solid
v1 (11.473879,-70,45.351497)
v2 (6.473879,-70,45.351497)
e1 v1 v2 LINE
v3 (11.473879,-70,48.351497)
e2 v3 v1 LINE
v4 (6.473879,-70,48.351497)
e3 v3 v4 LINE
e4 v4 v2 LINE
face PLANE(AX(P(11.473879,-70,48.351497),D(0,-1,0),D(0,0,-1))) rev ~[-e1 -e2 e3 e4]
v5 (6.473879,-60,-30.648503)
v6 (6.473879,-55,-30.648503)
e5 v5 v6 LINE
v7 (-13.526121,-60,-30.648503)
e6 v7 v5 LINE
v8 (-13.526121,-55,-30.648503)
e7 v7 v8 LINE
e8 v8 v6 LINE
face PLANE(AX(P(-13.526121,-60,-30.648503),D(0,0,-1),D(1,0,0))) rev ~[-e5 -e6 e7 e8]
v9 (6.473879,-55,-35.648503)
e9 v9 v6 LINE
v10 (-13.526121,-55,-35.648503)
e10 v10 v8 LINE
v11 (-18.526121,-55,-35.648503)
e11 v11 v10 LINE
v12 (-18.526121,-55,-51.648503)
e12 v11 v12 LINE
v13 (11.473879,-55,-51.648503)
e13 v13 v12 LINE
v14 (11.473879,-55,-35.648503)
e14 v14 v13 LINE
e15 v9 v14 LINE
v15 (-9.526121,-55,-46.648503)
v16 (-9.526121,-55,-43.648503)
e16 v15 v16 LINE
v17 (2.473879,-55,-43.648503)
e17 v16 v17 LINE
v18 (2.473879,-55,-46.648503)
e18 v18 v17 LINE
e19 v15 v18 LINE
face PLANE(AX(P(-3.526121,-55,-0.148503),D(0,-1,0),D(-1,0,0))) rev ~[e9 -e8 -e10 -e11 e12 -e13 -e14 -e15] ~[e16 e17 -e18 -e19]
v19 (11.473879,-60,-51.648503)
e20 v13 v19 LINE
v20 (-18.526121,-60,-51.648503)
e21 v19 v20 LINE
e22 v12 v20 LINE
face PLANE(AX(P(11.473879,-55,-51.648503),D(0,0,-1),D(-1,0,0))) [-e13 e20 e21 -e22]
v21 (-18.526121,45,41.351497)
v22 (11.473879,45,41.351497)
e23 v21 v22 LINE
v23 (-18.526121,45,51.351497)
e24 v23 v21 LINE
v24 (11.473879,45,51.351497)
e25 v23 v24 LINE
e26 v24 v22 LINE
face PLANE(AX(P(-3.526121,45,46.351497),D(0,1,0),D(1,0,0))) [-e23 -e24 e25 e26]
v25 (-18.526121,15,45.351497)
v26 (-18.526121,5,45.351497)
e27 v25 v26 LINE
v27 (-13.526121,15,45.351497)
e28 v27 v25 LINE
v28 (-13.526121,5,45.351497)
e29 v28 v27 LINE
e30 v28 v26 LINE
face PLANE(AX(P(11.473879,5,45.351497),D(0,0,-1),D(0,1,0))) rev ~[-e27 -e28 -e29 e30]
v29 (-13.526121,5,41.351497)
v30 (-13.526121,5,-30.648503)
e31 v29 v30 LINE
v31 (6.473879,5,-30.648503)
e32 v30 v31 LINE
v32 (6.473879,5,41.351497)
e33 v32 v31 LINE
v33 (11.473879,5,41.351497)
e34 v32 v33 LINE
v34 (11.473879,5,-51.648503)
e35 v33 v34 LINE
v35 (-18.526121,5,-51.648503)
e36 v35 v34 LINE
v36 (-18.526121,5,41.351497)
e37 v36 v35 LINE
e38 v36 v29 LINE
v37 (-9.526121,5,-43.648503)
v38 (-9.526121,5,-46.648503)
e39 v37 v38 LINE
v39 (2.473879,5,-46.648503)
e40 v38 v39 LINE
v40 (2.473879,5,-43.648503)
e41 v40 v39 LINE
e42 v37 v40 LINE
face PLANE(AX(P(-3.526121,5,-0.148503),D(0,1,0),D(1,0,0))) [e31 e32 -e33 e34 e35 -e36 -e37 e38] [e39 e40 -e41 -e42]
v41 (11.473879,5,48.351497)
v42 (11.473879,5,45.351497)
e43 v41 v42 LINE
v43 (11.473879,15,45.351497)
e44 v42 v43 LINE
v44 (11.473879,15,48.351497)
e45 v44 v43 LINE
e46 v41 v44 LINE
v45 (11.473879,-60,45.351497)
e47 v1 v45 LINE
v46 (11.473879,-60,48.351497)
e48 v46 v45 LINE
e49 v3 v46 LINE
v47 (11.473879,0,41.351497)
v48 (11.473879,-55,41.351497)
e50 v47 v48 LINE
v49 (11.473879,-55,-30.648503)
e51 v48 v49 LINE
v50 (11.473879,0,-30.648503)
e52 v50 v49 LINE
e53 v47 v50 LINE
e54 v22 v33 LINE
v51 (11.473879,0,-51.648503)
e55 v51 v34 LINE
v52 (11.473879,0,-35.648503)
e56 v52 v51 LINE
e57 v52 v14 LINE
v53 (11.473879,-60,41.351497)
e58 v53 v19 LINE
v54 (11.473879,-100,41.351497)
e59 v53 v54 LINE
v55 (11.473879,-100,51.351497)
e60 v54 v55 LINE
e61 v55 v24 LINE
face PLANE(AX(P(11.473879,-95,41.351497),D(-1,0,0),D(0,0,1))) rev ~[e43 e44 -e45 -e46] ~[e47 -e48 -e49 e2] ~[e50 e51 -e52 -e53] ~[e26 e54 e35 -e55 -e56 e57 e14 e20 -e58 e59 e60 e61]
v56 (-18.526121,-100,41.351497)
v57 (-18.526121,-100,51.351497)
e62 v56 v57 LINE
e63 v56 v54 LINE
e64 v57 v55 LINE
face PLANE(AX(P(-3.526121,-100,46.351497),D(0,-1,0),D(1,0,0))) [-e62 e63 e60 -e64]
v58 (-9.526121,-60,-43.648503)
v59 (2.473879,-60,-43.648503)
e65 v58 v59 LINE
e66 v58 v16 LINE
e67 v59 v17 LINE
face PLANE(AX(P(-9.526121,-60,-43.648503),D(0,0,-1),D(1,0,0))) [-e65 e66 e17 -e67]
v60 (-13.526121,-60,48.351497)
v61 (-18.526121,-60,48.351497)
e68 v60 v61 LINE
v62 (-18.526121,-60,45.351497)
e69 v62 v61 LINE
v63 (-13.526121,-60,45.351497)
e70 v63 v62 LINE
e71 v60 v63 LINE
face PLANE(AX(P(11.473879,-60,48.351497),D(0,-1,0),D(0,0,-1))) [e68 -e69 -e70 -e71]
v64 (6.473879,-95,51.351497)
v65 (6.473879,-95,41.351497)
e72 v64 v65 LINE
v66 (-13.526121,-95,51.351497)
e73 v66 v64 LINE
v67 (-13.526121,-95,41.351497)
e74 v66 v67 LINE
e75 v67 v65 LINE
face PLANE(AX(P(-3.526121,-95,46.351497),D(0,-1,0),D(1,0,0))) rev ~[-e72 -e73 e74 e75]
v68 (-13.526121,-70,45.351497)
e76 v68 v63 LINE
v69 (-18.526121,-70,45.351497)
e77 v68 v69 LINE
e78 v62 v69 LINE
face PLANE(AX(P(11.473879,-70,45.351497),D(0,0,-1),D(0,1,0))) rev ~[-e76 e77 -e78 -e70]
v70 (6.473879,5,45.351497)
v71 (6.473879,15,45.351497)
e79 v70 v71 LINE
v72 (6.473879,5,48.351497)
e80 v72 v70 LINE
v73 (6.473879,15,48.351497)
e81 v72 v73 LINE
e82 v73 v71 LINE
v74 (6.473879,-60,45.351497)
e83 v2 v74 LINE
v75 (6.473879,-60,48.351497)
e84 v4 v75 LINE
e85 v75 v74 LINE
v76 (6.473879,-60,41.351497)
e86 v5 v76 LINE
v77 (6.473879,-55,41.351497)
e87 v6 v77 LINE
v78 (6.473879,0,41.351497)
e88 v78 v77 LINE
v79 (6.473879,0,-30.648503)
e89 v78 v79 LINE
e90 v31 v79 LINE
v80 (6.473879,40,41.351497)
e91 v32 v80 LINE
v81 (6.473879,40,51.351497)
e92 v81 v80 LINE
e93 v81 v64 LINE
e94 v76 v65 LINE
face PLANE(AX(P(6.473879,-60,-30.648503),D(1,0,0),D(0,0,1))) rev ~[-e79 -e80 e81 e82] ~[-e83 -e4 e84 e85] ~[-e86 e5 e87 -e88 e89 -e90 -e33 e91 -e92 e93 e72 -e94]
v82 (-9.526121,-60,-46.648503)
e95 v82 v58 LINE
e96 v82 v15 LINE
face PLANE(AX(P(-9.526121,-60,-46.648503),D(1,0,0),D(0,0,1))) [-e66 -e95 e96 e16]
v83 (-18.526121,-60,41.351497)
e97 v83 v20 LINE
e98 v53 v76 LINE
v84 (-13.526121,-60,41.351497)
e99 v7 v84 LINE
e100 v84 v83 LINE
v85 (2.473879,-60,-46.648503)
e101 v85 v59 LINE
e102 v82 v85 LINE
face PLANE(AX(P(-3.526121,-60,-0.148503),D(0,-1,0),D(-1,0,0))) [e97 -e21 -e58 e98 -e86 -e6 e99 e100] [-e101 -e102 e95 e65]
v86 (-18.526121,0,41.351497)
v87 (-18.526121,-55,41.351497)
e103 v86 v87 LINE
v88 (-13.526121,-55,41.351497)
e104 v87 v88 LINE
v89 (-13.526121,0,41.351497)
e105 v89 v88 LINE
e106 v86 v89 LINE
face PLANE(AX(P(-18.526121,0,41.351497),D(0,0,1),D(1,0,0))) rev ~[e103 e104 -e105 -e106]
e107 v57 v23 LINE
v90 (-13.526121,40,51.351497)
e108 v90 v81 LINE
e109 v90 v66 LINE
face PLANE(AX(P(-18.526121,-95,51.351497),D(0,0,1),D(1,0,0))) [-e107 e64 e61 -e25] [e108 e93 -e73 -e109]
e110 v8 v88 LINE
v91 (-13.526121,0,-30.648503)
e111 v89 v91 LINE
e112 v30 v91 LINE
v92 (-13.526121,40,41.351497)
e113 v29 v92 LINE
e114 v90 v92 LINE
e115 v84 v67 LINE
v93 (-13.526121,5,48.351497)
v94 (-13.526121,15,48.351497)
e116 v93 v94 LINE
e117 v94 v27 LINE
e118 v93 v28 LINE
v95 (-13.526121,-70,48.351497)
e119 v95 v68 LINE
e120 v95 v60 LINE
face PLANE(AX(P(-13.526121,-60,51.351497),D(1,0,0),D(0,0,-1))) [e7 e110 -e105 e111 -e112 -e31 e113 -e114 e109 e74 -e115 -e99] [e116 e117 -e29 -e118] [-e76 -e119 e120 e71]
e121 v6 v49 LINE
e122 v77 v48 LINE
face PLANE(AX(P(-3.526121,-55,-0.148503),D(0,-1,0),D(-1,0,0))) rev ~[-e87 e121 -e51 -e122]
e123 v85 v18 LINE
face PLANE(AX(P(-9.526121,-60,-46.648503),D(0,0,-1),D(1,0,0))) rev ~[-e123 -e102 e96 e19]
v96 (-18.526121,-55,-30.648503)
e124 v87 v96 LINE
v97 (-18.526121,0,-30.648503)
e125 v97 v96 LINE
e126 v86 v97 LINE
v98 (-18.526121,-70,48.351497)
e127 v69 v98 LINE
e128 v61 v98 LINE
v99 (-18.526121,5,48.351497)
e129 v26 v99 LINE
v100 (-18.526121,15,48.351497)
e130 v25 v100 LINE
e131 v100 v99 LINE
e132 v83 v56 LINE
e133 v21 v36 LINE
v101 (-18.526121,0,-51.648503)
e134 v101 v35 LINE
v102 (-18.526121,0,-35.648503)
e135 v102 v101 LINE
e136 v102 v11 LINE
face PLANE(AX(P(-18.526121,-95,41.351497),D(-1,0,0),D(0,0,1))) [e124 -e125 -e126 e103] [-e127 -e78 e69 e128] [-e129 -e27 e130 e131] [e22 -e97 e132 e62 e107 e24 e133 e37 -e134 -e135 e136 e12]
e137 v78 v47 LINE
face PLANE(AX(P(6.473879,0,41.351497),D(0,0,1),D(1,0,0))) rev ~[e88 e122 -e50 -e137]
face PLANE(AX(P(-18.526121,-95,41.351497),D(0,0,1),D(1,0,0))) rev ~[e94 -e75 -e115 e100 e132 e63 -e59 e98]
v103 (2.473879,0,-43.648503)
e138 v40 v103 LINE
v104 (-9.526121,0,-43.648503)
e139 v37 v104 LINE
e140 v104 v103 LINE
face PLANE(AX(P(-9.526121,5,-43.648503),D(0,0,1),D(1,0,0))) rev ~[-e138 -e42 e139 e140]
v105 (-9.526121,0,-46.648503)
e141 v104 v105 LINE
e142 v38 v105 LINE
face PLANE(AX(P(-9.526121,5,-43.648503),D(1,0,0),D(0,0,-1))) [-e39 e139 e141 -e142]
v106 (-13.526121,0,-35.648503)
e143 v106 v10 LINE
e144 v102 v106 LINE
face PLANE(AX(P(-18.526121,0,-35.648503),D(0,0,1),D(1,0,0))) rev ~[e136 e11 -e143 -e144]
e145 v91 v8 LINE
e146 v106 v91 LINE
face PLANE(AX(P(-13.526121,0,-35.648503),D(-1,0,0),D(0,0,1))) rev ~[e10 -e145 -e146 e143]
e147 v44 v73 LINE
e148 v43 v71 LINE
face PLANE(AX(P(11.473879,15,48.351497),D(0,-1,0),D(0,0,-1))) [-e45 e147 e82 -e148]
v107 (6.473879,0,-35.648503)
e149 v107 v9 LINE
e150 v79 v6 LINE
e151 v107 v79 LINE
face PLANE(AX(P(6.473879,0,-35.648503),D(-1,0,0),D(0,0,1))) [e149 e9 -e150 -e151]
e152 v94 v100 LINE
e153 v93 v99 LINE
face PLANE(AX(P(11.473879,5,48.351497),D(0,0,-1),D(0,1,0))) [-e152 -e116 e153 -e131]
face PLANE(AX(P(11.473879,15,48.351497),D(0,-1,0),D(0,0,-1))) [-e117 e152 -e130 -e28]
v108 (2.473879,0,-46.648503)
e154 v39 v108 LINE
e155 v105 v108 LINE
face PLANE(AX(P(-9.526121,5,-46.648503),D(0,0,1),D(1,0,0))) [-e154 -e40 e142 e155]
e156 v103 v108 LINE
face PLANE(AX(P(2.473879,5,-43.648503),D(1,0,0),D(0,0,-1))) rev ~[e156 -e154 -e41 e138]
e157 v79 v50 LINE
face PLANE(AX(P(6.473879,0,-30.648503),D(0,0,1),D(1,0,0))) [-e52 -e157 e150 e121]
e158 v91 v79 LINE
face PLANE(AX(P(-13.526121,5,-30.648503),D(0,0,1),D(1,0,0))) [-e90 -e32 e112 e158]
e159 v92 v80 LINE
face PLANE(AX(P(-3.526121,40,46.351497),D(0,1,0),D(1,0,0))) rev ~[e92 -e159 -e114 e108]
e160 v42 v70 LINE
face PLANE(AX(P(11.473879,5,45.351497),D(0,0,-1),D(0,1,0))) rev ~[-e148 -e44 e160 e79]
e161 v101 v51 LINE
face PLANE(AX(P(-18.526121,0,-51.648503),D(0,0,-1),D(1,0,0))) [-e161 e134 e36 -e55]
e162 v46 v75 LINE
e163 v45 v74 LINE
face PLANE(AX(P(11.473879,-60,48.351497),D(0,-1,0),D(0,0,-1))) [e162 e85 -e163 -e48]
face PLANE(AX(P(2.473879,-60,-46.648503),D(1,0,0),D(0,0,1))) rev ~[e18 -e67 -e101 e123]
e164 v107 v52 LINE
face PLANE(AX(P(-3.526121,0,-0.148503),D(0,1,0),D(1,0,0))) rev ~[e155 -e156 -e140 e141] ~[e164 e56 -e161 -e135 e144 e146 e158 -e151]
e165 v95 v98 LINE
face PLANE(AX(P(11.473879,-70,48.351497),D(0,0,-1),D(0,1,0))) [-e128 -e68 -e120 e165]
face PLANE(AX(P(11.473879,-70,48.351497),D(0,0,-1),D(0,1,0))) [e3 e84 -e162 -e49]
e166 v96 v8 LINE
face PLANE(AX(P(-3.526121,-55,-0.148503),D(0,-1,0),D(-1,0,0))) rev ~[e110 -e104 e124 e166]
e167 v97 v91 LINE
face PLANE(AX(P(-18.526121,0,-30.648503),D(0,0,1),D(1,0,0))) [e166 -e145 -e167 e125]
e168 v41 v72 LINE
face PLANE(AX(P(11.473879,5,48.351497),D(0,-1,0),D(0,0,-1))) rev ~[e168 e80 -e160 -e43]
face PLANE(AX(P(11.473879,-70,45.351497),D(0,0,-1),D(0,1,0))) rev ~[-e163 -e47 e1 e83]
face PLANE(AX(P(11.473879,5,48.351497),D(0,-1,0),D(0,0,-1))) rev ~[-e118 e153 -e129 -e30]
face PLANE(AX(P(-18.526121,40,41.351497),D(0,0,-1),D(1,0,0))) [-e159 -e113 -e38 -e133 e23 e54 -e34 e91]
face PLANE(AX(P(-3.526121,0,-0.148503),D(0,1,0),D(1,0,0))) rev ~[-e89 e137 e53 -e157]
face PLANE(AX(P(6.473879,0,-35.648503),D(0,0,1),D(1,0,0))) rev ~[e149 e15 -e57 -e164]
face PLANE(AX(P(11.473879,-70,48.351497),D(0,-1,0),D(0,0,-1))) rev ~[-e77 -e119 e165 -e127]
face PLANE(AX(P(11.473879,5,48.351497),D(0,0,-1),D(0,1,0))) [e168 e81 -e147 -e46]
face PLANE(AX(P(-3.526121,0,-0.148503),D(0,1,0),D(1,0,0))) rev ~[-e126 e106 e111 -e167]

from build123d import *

# Parameters (mm, degrees)
SKETCH1_W            = 30
SKETCH1_H            = 103
BOSS_EXTRUDE1_DEPTH  = 5
SKETCH2_W            = 12
SKETCH2_H            = 3
SKETCH2_W_2          = 20
SKETCH2_H_2          = 82
CUT_EXTRUDE1_DEPTH   = 5
SKETCH3_W            = 5
SKETCH3_H            = 10
SKETCH3_H_2          = 5
BOSS_EXTRUDE2_DEPTH  = 55
SKETCH8_W            = 30
SKETCH8_H            = 103
BOSS_EXTRUDE6_DEPTH  = 5
SKETCH10_W           = 20
SKETCH10_H           = 82
SKETCH10_W_2         = 12
SKETCH10_H_2         = 3
CUT_EXTRUDE2_DEPTH   = 5
SKETCH22_W           = 5
SKETCH22_H           = 10
BOSS_EXTRUDE7_DEPTH  = 35
SKETCH23_W           = 30
SKETCH23_H           = 10
BOSS_EXTRUDE8_DEPTH  = 5
SKETCH25_W           = 5
SKETCH25_H           = 10
BOSS_EXTRUDE9_DEPTH  = 35
SKETCH26_W           = 30
SKETCH26_H           = 10
BOSS_EXTRUDE10_DEPTH = 5
SKETCH28_W           = 3
SKETCH28_H           = 10
CUT_EXTRUDE4_DEPTH   = 34


with BuildPart() as part:
    # Sketch1 → Boss-Extrude1 (new body)
    with BuildSketch(Plane(origin=(0, 0, 0), x_dir=(1, 0, 0), z_dir=(0, 1, 0))):
        with Locations((-3.526120729, 0.1485026)):
            Rectangle(SKETCH1_W, SKETCH1_H)
    extrude(amount=BOSS_EXTRUDE1_DEPTH)

    # Sketch2 → Cut-Extrude1 (cut)
    with BuildSketch(Plane(origin=(0, 5, 0), x_dir=(1, 0, 0), z_dir=(0, 1, 0))):
        with Locations((-3.526120729, 45.1485026)):
            Rectangle(SKETCH2_W, SKETCH2_H)
        with Locations((-3.526120729, -10.3514974)):
            Rectangle(SKETCH2_W_2, SKETCH2_H_2)
    extrude(amount=-CUT_EXTRUDE1_DEPTH, mode=Mode.SUBTRACT)

    # Sketch3 → Boss-Extrude2 (add)
    with BuildSketch(Plane.XZ):
        with Locations((-16.026120729, 46.3514974)):
            Rectangle(SKETCH3_W, SKETCH3_H)
        with Locations((-16.026120729, -33.1485026)):
            Rectangle(SKETCH3_W, SKETCH3_H_2)
        with Locations((8.973879271, 46.3514974)):
            Rectangle(SKETCH3_W, SKETCH3_H)
        with Locations((8.973879271, -33.1485026)):
            Rectangle(SKETCH3_W, SKETCH3_H_2)
    extrude(amount=BOSS_EXTRUDE2_DEPTH)

    # Sketch8 → Boss-Extrude6 (add)
    with BuildSketch(Plane(origin=(0, -55, 0), x_dir=(-1, 0, 0), z_dir=(0, -1, 0))):
        with Locations((3.526120729, 0.1485026)):
            Rectangle(SKETCH8_W, SKETCH8_H)
    extrude(amount=BOSS_EXTRUDE6_DEPTH)

    # Sketch10 → Cut-Extrude2 (cut)
    with BuildSketch(Plane.XZ.offset(60)):
        with Locations((-3.526120729, 10.3514974)):
            Rectangle(SKETCH10_W, SKETCH10_H)
        with Locations((-3.526120729, -45.1485026)):
            Rectangle(SKETCH10_W_2, SKETCH10_H_2)
    extrude(amount=-CUT_EXTRUDE2_DEPTH, mode=Mode.SUBTRACT)

    # Sketch22 → Boss-Extrude7 (add)
    with BuildSketch(Plane(origin=(0, 5, 0), x_dir=(1, 0, 0), z_dir=(0, 1, 0))):
        with Locations((-16.026120729, -46.3514974)):
            Rectangle(SKETCH22_W, SKETCH22_H)
        with Locations((8.973879271, -46.3514974)):
            Rectangle(SKETCH22_W, SKETCH22_H)
    extrude(amount=BOSS_EXTRUDE7_DEPTH)

    # Sketch23 → Boss-Extrude8 (add)
    with BuildSketch(Plane(origin=(0, 40, 0), x_dir=(1, 0, 0), z_dir=(0, 1, 0))):
        with Locations((-3.526120729, -46.3514974)):
            Rectangle(SKETCH23_W, SKETCH23_H)
    extrude(amount=BOSS_EXTRUDE8_DEPTH)

    # Sketch25 → Boss-Extrude9 (add)
    with BuildSketch(Plane(origin=(0, -60, 0), x_dir=(-1, 0, 0), z_dir=(0, -1, 0))):
        with Locations((16.026120729, -46.3514974)):
            Rectangle(SKETCH25_W, SKETCH25_H)
        with Locations((-8.973879271, -46.3514974)):
            Rectangle(SKETCH25_W, SKETCH25_H)
    extrude(amount=BOSS_EXTRUDE9_DEPTH)

    # Sketch26 → Boss-Extrude10 (add)
    with BuildSketch(Plane.XZ.offset(95)):
        with Locations((-3.526120729, 46.3514974)):
            Rectangle(SKETCH26_W, SKETCH26_H)
    extrude(amount=BOSS_EXTRUDE10_DEPTH)

    # Sketch28 → Cut-Extrude4 (cut)
    with BuildSketch(Plane(origin=(11.473879271, 0, 0), x_dir=(0, 0, -1), z_dir=(1, 0, 0))):
        with Locations((-46.8514974, 10)):
            Rectangle(SKETCH28_W, SKETCH28_H)
        with Locations((-46.8514974, -65)):
            Rectangle(SKETCH28_W, SKETCH28_H)
    extrude(amount=-CUT_EXTRUDE4_DEPTH, mode=Mode.SUBTRACT)


solid = part.part
